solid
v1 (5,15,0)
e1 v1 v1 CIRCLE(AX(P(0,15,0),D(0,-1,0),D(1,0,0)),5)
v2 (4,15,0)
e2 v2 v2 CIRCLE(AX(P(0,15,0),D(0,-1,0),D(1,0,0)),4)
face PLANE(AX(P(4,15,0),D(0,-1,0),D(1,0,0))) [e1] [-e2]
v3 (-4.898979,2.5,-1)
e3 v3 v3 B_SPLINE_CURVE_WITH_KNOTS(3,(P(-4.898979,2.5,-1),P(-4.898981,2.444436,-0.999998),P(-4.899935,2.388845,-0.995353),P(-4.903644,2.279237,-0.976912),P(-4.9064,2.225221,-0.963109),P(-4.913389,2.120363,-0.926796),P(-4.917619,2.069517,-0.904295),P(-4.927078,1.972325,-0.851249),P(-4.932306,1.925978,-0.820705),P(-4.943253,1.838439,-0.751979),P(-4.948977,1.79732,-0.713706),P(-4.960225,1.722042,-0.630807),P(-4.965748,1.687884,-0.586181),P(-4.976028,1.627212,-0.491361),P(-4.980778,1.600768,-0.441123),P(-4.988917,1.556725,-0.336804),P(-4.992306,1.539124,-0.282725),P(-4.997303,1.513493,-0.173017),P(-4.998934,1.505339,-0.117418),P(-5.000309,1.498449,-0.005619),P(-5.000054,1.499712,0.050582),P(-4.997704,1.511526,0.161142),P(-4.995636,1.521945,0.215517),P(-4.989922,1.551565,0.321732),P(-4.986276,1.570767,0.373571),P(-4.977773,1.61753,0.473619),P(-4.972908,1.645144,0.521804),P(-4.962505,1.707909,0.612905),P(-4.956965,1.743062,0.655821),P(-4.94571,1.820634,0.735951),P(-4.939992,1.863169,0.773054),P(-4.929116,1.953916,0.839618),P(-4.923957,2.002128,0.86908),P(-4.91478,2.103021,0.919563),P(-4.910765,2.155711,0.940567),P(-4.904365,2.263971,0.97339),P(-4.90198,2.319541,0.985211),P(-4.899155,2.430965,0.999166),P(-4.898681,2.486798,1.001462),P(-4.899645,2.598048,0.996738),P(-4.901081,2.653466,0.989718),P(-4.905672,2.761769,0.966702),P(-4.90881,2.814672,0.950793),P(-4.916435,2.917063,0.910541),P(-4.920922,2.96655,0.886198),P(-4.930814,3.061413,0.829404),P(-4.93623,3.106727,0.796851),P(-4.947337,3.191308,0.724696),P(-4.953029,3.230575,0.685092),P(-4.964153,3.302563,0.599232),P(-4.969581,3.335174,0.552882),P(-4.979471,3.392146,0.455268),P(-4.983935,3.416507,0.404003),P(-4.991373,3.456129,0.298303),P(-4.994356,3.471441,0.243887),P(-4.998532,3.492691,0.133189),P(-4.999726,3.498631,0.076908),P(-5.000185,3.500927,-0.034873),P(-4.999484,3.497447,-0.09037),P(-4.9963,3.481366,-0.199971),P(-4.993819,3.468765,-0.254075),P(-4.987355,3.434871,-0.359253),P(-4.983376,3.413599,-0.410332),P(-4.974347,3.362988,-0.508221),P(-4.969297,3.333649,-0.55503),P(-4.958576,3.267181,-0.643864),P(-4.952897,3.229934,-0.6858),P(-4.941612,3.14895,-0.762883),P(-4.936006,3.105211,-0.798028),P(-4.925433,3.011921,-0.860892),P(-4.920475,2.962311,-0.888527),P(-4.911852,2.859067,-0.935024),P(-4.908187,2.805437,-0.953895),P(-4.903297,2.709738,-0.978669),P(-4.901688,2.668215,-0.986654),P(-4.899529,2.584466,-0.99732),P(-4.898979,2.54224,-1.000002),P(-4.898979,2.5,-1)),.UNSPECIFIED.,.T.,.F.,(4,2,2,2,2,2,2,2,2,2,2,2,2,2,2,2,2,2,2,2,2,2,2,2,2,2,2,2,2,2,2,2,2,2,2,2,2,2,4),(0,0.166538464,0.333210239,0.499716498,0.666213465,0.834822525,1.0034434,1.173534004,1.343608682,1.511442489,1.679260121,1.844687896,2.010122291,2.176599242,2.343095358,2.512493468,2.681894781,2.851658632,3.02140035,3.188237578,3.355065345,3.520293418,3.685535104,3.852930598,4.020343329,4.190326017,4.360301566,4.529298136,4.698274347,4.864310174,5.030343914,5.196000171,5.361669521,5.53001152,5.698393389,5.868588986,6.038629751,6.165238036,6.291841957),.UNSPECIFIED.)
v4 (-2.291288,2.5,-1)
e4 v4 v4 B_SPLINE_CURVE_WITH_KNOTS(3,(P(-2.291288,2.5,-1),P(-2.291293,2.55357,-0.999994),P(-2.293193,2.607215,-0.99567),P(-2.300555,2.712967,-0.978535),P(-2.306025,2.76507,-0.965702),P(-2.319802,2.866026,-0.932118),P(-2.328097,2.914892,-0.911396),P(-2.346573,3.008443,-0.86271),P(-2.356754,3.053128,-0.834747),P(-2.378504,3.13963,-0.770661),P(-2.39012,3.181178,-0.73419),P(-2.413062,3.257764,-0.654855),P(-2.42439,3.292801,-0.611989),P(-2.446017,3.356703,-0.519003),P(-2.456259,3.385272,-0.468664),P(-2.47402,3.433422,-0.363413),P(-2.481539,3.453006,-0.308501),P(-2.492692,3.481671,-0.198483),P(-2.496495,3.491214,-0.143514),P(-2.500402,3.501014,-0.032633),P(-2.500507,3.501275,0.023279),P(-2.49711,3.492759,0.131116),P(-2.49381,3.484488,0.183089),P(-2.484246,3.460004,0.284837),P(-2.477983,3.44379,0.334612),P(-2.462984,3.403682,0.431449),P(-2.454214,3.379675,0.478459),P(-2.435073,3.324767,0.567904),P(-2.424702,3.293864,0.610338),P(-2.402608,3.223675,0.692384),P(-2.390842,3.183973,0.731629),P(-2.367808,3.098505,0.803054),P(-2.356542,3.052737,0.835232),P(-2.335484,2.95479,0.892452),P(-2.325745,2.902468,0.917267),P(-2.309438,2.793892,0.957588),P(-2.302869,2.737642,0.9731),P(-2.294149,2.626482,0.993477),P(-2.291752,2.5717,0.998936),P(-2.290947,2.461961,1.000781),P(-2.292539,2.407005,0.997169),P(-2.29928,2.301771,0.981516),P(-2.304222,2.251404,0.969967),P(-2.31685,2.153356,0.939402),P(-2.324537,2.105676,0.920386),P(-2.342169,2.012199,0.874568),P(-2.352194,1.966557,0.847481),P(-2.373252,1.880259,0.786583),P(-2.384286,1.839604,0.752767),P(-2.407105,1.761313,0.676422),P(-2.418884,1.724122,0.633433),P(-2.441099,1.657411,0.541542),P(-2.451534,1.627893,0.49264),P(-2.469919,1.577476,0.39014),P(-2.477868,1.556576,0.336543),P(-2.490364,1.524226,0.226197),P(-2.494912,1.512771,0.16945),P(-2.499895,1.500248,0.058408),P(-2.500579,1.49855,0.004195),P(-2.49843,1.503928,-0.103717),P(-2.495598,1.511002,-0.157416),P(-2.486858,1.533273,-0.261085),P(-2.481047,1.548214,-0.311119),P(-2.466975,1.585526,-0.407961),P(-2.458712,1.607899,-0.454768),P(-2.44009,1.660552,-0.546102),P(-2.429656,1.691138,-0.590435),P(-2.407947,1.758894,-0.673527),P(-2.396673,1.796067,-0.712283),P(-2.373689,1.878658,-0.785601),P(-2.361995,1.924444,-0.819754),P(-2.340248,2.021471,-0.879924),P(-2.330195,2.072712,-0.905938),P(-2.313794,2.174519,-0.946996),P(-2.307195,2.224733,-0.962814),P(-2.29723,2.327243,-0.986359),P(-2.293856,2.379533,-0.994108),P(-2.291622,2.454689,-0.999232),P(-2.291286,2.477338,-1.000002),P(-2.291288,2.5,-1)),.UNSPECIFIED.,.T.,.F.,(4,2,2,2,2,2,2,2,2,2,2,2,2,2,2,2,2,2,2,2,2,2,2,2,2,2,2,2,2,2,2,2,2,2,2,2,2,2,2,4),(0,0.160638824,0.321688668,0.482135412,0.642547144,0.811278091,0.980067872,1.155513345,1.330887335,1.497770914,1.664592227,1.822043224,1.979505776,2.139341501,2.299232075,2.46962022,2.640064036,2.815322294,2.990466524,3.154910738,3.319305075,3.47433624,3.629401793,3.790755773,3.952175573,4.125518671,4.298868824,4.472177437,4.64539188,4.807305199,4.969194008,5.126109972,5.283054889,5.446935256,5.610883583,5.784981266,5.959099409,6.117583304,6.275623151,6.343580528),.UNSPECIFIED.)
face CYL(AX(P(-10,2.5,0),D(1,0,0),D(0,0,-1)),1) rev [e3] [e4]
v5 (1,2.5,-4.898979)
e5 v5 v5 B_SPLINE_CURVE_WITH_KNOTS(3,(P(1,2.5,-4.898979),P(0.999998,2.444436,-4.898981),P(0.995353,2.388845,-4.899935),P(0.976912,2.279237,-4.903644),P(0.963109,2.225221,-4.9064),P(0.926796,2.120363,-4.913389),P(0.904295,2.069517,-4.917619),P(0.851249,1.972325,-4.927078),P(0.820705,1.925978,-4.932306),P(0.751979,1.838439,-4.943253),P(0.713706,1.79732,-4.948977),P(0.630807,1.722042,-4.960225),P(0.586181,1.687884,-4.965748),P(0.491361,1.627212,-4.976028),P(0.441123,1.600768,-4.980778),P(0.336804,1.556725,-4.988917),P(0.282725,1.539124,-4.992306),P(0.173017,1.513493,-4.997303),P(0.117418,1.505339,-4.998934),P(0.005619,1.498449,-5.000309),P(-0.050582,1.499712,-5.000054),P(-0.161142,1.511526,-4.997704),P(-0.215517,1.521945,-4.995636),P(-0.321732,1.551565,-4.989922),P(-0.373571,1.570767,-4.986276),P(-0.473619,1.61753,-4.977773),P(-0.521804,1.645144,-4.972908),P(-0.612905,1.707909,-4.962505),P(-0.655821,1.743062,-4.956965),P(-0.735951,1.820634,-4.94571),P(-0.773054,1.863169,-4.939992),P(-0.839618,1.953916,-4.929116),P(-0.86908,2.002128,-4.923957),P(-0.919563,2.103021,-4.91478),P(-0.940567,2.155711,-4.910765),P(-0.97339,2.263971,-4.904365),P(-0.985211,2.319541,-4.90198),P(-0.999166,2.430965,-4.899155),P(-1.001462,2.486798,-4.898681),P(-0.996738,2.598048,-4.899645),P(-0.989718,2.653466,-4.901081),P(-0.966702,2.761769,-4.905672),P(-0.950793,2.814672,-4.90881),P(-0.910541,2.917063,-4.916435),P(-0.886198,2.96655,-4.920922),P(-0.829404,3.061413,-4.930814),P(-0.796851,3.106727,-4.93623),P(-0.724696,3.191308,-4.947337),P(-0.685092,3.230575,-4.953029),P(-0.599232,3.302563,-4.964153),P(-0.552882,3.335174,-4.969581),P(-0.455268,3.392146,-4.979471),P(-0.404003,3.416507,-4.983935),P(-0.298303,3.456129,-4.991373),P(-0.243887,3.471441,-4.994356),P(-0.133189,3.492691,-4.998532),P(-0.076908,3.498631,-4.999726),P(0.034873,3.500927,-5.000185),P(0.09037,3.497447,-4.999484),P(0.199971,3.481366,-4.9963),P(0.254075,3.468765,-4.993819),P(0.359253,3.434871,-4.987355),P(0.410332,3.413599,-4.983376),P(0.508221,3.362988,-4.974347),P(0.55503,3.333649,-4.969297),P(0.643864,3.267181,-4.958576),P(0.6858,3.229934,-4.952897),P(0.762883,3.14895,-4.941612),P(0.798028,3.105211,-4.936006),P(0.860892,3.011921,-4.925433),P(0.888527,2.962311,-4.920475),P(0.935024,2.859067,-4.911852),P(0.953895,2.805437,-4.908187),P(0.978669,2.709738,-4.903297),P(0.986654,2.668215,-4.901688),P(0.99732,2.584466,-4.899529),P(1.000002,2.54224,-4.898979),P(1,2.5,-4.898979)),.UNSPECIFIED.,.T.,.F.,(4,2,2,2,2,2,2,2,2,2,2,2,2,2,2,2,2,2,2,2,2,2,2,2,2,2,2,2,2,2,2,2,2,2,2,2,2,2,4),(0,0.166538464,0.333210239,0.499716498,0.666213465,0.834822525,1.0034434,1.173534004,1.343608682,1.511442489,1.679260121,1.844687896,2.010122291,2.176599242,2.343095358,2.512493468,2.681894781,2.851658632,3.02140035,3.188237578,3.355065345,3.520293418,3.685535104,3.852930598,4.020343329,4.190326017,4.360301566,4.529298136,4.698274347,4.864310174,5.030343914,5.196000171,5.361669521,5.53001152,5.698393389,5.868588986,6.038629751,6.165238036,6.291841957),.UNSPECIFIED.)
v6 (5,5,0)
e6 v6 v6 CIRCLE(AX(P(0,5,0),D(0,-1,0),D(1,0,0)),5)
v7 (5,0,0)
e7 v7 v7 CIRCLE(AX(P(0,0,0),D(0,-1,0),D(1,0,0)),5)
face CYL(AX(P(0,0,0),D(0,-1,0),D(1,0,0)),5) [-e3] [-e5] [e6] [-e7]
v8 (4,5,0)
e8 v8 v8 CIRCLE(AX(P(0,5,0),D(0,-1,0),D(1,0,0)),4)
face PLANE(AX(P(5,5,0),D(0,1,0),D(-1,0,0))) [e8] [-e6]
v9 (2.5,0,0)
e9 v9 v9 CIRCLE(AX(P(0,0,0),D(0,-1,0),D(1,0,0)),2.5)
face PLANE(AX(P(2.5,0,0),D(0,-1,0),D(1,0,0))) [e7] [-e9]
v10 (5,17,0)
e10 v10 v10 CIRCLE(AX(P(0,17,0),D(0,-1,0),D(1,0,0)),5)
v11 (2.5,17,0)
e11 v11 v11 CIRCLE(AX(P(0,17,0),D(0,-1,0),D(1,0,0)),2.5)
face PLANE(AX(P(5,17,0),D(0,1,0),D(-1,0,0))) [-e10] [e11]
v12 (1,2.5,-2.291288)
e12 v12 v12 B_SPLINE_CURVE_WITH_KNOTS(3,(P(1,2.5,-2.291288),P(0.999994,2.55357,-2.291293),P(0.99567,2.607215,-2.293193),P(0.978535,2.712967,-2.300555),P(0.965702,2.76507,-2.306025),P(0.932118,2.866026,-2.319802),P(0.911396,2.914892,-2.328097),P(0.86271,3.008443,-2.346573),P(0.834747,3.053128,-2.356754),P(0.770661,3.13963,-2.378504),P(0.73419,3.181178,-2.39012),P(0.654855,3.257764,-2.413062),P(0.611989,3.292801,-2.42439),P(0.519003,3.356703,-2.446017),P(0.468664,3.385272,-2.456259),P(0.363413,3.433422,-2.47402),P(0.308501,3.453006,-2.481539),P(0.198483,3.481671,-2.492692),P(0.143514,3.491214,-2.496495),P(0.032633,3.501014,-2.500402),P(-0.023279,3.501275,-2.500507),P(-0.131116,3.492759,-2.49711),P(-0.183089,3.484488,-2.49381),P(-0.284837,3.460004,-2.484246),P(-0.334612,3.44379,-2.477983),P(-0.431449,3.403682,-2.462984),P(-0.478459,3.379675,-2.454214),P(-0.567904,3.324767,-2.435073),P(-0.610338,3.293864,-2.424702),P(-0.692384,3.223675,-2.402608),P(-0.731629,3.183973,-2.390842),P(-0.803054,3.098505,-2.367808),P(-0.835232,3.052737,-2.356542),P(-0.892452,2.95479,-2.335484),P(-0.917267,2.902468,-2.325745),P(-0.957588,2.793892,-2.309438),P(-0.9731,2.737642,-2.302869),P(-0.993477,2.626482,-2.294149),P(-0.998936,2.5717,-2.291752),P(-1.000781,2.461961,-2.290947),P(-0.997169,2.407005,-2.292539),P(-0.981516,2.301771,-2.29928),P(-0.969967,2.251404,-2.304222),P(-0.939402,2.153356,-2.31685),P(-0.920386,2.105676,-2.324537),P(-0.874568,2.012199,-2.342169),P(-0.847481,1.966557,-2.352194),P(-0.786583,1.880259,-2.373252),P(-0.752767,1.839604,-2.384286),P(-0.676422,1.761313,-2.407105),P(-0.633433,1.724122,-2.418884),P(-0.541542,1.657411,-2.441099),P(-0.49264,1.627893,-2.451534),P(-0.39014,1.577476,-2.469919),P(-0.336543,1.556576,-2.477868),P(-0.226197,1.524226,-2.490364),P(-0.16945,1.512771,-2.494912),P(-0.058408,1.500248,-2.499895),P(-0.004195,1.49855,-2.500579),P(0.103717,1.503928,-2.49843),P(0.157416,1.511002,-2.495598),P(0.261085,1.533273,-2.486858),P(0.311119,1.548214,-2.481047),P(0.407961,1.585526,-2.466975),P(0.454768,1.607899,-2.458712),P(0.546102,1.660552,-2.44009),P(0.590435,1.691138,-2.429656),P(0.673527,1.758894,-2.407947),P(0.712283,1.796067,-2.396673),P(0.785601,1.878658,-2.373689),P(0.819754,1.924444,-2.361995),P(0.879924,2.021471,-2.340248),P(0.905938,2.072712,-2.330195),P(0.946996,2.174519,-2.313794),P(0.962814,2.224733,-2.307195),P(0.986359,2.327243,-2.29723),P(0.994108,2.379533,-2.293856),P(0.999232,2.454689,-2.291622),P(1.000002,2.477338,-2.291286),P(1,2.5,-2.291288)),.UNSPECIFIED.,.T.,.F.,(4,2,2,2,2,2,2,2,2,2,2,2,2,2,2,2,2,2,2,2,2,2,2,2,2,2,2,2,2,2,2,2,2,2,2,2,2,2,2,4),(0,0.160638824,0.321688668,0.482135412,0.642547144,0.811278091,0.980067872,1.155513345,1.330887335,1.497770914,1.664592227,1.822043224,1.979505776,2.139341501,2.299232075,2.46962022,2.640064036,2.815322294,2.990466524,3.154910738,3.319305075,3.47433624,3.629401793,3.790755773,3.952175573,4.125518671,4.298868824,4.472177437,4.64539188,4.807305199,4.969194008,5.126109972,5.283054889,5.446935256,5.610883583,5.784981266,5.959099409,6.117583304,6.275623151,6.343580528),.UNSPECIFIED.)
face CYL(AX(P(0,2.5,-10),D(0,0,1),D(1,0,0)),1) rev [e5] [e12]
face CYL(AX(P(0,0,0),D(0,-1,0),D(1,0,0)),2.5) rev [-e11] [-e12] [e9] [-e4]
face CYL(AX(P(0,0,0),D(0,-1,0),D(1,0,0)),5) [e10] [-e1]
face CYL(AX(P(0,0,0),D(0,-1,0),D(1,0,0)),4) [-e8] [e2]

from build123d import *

# Parameters (mm, degrees)
SKETCH3_R          = 1
CUT_EXTRUDE1_DEPTH = 10
SKETCH4_R          = 1
CUT_EXTRUDE2_DEPTH = 10


with BuildPart() as part:
    # Sketch1 → Revolve1 (revolve)
    with BuildSketch(Plane.XY):
        Polygon((2.5, 0), (5, 0), (5, 5), (4, 5), (4, 15), (5, 15), (5, 17), (2.5, 17), align=None)
    revolve(axis=Axis((0, 0, 0), (0, 1, 0)))

    # Sketch3 → Cut-Extrude1 (cut)
    with BuildSketch(Plane.XY):
        with Locations((0, 2.5)):
            Circle(SKETCH3_R)
    extrude(amount=-CUT_EXTRUDE1_DEPTH, mode=Mode.SUBTRACT)

    # Sketch4 → Cut-Extrude2 (cut)
    with BuildSketch(Plane(origin=(0, 0, 0), x_dir=(0, 0, -1), z_dir=(1, 0, 0))):
        with Locations((0, 2.5)):
            Circle(SKETCH4_R)
    extrude(amount=-CUT_EXTRUDE2_DEPTH, mode=Mode.SUBTRACT)


solid = part.part
